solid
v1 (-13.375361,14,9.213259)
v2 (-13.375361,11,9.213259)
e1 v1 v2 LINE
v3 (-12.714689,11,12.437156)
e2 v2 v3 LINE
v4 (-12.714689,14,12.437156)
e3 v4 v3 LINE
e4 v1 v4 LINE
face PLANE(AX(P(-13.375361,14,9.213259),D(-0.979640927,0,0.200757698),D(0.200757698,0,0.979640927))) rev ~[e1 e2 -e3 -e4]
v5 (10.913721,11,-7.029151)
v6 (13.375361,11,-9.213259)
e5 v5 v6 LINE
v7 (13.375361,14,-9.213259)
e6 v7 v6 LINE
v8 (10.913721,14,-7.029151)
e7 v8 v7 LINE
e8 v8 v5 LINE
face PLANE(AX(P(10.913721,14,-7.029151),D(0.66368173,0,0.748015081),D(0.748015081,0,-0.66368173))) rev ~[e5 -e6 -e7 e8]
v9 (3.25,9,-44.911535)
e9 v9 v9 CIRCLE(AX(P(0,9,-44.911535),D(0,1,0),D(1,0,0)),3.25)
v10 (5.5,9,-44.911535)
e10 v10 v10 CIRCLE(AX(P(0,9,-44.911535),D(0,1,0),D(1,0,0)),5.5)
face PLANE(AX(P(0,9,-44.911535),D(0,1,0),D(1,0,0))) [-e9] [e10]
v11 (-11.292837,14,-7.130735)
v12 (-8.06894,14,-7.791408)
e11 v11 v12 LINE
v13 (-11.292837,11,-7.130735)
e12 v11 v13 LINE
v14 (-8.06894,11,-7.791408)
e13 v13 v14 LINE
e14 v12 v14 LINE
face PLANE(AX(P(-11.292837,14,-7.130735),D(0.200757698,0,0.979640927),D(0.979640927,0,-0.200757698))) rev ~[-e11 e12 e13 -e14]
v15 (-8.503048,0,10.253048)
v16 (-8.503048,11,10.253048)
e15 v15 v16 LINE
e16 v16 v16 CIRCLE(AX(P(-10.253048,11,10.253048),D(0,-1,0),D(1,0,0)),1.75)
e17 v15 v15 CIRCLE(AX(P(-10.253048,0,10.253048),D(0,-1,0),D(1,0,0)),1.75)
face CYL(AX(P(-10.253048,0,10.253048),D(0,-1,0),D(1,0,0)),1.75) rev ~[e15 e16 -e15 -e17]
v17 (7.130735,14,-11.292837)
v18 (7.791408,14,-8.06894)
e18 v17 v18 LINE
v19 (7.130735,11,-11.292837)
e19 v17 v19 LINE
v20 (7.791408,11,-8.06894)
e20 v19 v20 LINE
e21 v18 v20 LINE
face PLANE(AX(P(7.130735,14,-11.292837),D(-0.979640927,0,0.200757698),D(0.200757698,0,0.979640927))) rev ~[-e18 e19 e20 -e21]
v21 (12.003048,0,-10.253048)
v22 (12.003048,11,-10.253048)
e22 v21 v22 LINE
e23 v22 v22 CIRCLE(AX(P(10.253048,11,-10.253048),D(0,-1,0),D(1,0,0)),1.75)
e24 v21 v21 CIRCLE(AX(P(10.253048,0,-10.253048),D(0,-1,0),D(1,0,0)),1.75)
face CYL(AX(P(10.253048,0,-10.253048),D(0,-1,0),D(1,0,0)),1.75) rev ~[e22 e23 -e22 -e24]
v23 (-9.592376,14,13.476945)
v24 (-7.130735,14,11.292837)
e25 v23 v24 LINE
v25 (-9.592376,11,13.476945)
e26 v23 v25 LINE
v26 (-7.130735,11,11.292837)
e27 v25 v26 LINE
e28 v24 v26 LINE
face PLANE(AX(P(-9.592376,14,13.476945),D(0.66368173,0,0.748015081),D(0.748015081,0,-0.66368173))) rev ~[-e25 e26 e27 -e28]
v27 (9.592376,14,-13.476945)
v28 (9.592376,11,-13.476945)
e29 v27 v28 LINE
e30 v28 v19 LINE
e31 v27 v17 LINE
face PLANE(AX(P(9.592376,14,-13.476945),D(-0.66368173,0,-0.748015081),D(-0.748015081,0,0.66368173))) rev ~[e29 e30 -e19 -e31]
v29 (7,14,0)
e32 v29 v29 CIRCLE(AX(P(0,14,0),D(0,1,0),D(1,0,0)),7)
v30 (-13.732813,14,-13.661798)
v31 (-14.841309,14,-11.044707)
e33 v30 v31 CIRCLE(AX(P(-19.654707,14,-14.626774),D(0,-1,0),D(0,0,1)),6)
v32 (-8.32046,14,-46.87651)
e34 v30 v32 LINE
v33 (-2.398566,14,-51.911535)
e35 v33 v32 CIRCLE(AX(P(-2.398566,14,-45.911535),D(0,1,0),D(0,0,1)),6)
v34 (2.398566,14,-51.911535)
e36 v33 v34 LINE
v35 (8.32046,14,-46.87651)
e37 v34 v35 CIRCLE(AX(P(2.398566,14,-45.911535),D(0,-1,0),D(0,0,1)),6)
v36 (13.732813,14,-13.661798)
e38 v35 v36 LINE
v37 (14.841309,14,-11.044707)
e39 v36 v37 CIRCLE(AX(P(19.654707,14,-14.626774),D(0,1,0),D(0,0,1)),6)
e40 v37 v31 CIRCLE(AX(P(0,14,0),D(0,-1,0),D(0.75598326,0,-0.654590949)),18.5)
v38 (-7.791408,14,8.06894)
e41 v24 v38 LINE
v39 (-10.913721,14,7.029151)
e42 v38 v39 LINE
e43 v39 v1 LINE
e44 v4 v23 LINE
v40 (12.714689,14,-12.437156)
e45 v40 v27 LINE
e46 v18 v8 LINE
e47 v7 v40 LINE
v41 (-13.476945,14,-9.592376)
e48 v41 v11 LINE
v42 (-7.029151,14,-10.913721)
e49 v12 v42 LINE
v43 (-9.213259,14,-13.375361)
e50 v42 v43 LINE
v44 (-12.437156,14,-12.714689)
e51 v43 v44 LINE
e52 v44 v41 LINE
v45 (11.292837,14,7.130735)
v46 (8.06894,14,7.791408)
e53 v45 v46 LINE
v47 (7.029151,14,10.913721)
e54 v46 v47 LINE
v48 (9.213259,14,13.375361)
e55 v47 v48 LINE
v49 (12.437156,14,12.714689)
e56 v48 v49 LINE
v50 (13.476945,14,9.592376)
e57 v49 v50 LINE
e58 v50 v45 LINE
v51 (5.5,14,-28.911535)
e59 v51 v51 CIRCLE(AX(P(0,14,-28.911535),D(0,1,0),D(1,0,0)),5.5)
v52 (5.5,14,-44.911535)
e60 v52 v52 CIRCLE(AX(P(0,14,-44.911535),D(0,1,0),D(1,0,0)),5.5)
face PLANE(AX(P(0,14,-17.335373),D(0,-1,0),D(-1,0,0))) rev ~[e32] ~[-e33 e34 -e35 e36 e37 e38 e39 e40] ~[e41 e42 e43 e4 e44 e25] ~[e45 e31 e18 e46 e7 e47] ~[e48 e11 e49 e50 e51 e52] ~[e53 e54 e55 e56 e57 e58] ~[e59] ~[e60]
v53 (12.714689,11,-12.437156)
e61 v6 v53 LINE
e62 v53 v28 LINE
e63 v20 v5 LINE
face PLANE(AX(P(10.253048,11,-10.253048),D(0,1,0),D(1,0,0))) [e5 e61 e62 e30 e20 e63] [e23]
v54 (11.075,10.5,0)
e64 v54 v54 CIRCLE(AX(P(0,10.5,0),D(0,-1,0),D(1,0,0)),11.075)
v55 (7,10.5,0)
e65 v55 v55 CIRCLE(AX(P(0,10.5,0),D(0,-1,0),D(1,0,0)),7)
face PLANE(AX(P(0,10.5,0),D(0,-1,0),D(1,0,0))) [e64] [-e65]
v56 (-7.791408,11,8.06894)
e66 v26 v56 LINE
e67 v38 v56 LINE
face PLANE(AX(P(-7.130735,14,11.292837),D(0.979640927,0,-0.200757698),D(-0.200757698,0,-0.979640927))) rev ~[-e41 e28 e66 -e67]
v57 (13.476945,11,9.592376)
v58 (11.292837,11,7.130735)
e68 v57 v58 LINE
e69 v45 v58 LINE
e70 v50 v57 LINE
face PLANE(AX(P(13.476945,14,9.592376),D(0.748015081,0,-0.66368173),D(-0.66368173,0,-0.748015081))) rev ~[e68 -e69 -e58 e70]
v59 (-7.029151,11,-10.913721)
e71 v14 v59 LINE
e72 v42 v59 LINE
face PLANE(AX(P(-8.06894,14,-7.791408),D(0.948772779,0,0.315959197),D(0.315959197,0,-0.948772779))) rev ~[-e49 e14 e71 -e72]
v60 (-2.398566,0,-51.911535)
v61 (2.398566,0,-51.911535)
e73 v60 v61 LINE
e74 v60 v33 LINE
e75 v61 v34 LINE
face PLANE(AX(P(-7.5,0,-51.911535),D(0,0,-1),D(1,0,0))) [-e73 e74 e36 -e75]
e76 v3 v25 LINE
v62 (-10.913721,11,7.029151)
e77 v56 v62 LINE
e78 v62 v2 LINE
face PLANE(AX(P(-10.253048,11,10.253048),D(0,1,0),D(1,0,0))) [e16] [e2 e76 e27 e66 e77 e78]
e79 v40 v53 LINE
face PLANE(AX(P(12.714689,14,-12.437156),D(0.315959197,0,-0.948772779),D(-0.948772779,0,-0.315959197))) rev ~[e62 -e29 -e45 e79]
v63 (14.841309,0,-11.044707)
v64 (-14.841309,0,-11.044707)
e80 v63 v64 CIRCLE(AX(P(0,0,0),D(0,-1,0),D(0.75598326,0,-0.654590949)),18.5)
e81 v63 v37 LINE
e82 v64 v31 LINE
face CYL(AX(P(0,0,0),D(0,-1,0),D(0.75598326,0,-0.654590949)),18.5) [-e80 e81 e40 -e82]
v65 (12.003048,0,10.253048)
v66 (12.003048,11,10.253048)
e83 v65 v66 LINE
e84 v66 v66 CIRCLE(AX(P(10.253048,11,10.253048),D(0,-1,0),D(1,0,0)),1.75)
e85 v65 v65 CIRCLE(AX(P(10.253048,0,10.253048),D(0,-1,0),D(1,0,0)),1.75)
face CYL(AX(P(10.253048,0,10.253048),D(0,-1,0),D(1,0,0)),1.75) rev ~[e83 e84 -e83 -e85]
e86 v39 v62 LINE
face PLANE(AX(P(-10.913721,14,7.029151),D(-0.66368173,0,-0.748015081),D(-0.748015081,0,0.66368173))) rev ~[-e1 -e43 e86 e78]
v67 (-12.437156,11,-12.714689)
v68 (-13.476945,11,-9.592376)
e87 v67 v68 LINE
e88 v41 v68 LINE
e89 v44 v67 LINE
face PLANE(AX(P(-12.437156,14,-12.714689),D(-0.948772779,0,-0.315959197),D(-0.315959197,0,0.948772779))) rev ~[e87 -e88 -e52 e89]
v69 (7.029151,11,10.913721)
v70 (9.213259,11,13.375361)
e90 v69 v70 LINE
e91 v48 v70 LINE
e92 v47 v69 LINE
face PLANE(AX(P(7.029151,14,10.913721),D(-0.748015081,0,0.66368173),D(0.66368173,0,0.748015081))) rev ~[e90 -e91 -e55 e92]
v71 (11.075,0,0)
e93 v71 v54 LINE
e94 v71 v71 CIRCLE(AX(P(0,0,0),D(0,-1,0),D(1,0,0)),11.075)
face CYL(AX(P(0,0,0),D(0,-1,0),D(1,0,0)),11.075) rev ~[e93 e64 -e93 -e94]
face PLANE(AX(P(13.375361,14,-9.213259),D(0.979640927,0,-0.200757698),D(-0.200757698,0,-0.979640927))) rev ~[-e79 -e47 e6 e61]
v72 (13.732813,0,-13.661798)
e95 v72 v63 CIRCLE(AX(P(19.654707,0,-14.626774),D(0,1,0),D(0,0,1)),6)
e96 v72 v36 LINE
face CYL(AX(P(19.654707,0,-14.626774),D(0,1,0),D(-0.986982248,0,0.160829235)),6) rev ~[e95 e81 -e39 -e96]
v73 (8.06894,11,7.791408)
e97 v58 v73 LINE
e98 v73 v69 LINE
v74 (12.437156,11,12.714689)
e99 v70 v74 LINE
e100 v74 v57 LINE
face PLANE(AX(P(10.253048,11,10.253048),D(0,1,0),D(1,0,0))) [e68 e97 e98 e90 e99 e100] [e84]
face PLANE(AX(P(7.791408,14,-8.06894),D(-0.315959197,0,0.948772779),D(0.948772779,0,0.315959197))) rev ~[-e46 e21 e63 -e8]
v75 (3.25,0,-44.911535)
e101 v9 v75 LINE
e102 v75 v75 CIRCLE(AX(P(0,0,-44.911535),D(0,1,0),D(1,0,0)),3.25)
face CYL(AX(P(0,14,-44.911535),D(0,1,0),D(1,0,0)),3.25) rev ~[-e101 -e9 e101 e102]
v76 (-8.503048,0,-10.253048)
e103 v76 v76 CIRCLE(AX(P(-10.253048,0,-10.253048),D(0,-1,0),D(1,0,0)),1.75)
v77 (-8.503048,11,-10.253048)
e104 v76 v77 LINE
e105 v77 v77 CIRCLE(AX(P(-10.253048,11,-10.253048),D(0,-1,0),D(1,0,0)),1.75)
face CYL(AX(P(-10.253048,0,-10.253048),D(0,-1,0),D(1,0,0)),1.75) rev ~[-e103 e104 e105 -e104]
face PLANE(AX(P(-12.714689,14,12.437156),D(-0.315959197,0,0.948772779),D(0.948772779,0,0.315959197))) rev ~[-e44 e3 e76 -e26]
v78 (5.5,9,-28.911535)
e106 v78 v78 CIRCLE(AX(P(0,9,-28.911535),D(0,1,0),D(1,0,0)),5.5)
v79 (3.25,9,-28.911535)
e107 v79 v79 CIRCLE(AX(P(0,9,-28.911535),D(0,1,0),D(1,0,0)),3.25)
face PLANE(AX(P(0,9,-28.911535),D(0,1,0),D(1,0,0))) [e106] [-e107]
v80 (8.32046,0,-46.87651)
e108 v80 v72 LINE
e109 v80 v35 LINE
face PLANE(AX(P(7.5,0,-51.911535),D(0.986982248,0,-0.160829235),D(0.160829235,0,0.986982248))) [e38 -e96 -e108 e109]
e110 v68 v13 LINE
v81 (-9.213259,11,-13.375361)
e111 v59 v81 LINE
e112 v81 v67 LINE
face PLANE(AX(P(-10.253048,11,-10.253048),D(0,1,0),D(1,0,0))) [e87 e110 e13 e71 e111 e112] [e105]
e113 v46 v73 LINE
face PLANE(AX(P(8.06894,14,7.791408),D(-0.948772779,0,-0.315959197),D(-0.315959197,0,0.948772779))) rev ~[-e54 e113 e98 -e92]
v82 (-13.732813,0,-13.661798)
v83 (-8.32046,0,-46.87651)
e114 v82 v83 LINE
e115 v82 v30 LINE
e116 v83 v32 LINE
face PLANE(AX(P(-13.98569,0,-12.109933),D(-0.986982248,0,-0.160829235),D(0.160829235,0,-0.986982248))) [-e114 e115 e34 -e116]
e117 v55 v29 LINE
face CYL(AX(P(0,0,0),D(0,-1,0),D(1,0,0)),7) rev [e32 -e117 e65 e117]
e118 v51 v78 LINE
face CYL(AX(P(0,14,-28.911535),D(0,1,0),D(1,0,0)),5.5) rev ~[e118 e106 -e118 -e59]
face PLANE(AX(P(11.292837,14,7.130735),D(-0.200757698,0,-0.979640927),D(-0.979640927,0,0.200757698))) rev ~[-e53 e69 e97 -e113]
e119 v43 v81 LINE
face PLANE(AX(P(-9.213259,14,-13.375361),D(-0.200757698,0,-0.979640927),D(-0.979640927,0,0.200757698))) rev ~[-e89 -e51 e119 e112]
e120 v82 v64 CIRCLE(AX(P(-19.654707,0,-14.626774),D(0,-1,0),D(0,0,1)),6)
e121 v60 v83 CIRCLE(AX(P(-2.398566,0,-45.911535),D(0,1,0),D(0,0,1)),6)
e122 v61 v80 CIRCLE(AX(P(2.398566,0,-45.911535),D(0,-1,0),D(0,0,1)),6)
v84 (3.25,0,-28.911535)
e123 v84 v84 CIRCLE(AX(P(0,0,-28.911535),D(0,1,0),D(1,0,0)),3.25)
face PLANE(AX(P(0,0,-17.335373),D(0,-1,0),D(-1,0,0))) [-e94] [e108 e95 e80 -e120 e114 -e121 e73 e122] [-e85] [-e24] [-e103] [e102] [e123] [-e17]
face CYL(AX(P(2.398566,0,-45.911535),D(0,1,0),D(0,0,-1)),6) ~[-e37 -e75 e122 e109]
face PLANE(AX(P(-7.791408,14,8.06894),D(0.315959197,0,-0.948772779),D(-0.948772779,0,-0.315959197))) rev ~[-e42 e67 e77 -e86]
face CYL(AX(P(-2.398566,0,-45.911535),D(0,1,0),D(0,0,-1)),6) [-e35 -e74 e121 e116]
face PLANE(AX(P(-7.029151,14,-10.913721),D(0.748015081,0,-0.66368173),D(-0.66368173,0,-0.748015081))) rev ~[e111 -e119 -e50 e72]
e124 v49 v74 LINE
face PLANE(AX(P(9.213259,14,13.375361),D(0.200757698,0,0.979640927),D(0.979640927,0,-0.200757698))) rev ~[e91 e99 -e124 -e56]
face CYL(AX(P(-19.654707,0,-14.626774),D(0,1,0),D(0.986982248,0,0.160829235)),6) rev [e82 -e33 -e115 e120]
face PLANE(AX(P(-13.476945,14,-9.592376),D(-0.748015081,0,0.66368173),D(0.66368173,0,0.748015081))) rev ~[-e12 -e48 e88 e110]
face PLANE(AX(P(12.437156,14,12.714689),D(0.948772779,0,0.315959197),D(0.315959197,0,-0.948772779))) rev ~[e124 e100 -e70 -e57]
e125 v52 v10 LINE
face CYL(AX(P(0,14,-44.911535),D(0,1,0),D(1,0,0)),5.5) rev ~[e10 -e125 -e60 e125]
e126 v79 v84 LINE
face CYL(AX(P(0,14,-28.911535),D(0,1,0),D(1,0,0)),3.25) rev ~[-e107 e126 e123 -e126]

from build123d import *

# Parameters (mm, degrees)
SKETCH1_R           = 7
BOSS_EXTRUDE1_DEPTH = 14
SKETCH2_R           = 11.075
CUT_EXTRUDE1_DEPTH  = 10.5
SKETCH4_R           = 1.75
CUT_EXTRUDE4_DEPTH  = 15
CUT_EXTRUDE5_DEPTH  = 3
SKETCH6_R           = 3.25
CUT_EXTRUDE6_DEPTH  = 15
SKETCH7_R           = 5.5
CUT_EXTRUDE7_DEPTH  = 5
FILLET4_R           = 6


with BuildPart() as part:
    # Sketch1 → Boss-Extrude1 (new body)
    with BuildSketch(Plane(origin=(0, 0, 0), x_dir=(1, 0, 0), z_dir=(0, 1, 0))):
        with BuildLine():
            Line((-7.5, 51.911534525), (7.5, 51.911534525))
            Line((7.5, 51.911534525), (13.985690309, 12.109932558))
            ThreePointArc((13.985690309, 12.109932558), (0, -18.5), (-13.985690309, 12.109932558))
            Line((-13.985690309, 12.109932558), (-7.5, 51.911534525))
        make_face()
        Circle(SKETCH1_R, mode=Mode.SUBTRACT)
    extrude(amount=BOSS_EXTRUDE1_DEPTH)

    # Sketch2 → Cut-Extrude1 (cut)
    with BuildSketch(Plane.XZ):
        Circle(SKETCH2_R)
    extrude(amount=-CUT_EXTRUDE1_DEPTH, mode=Mode.SUBTRACT)

    # Sketch4 → Cut-Extrude4 (cut, through all)
    with BuildSketch(Plane.XZ):
        with Locations((10.253048327, 10.253048327)):
            Circle(SKETCH4_R)
        with Locations((10.253048327, -10.253048327)):
            Circle(SKETCH4_R)
        with Locations((-10.253048327, -10.253048327)):
            Circle(SKETCH4_R)
        with Locations((-10.253048327, 10.253048327)):
            Circle(SKETCH4_R)
    extrude(amount=-CUT_EXTRUDE4_DEPTH, mode=Mode.SUBTRACT)

    # Sketch5 → Cut-Extrude5 (cut)
    with BuildSketch(Plane(origin=(0, 14, 0), x_dir=(1, 0, 0), z_dir=(0, 1, 0))):
        Polygon((13.375361377, 9.2132593), (12.714688564, 12.437156233), (9.592375514, 13.47694526), (7.130735278, 11.292837354), (7.79140809, 8.068940421), (10.91372114, 7.029151394), align=None)
        Polygon((-9.2132593, 13.375361377), (-12.437156233, 12.714688564), (-13.47694526, 9.592375514), (-11.292837354, 7.130735278), (-8.068940421, 7.79140809), (-7.029151394, 10.91372114), align=None)
        Polygon((9.2132593, -13.375361377), (12.437156233, -12.714688564), (13.47694526, -9.592375514), (11.292837354, -7.130735278), (8.068940421, -7.79140809), (7.029151394, -10.91372114), align=None)
        Polygon((-13.375361377, -9.2132593), (-12.714688564, -12.437156233), (-9.592375514, -13.47694526), (-7.130735278, -11.292837354), (-7.79140809, -8.068940421), (-10.91372114, -7.029151394), align=None)
    extrude(amount=-CUT_EXTRUDE5_DEPTH, mode=Mode.SUBTRACT)

    # Sketch6 → Cut-Extrude6 (cut, through all)
    with BuildSketch(Plane(origin=(0, 14, 0), x_dir=(1, 0, 0), z_dir=(0, 1, 0))):
        with Locations((0, 44.911534525)):
            Circle(SKETCH6_R)
        with Locations((0, 28.911534525)):
            Circle(SKETCH6_R)
    extrude(amount=-CUT_EXTRUDE6_DEPTH, mode=Mode.SUBTRACT)

    # Sketch7 → Cut-Extrude7 (cut)
    with BuildSketch(Plane(origin=(0, 14, 0), x_dir=(1, 0, 0), z_dir=(0, 1, 0))):
        with Locations((0, 28.911534525)):
            Circle(SKETCH7_R)
        with Locations((0, 44.911534525)):
            Circle(SKETCH7_R)
    extrude(amount=-CUT_EXTRUDE7_DEPTH, mode=Mode.SUBTRACT)

    # Fillet4
    fillet4_edges = [part.edges().sort_by_distance(p)[0] for p in [
        (-7.5, 7, -51.911534525),
        (7.5, 7, -51.911534525),
        (13.985690309, 7, -12.109932558),
        (-13.985690309, 7, -12.109932558),
    ]]
    fillet(fillet4_edges, radius=FILLET4_R)


solid = part.part
